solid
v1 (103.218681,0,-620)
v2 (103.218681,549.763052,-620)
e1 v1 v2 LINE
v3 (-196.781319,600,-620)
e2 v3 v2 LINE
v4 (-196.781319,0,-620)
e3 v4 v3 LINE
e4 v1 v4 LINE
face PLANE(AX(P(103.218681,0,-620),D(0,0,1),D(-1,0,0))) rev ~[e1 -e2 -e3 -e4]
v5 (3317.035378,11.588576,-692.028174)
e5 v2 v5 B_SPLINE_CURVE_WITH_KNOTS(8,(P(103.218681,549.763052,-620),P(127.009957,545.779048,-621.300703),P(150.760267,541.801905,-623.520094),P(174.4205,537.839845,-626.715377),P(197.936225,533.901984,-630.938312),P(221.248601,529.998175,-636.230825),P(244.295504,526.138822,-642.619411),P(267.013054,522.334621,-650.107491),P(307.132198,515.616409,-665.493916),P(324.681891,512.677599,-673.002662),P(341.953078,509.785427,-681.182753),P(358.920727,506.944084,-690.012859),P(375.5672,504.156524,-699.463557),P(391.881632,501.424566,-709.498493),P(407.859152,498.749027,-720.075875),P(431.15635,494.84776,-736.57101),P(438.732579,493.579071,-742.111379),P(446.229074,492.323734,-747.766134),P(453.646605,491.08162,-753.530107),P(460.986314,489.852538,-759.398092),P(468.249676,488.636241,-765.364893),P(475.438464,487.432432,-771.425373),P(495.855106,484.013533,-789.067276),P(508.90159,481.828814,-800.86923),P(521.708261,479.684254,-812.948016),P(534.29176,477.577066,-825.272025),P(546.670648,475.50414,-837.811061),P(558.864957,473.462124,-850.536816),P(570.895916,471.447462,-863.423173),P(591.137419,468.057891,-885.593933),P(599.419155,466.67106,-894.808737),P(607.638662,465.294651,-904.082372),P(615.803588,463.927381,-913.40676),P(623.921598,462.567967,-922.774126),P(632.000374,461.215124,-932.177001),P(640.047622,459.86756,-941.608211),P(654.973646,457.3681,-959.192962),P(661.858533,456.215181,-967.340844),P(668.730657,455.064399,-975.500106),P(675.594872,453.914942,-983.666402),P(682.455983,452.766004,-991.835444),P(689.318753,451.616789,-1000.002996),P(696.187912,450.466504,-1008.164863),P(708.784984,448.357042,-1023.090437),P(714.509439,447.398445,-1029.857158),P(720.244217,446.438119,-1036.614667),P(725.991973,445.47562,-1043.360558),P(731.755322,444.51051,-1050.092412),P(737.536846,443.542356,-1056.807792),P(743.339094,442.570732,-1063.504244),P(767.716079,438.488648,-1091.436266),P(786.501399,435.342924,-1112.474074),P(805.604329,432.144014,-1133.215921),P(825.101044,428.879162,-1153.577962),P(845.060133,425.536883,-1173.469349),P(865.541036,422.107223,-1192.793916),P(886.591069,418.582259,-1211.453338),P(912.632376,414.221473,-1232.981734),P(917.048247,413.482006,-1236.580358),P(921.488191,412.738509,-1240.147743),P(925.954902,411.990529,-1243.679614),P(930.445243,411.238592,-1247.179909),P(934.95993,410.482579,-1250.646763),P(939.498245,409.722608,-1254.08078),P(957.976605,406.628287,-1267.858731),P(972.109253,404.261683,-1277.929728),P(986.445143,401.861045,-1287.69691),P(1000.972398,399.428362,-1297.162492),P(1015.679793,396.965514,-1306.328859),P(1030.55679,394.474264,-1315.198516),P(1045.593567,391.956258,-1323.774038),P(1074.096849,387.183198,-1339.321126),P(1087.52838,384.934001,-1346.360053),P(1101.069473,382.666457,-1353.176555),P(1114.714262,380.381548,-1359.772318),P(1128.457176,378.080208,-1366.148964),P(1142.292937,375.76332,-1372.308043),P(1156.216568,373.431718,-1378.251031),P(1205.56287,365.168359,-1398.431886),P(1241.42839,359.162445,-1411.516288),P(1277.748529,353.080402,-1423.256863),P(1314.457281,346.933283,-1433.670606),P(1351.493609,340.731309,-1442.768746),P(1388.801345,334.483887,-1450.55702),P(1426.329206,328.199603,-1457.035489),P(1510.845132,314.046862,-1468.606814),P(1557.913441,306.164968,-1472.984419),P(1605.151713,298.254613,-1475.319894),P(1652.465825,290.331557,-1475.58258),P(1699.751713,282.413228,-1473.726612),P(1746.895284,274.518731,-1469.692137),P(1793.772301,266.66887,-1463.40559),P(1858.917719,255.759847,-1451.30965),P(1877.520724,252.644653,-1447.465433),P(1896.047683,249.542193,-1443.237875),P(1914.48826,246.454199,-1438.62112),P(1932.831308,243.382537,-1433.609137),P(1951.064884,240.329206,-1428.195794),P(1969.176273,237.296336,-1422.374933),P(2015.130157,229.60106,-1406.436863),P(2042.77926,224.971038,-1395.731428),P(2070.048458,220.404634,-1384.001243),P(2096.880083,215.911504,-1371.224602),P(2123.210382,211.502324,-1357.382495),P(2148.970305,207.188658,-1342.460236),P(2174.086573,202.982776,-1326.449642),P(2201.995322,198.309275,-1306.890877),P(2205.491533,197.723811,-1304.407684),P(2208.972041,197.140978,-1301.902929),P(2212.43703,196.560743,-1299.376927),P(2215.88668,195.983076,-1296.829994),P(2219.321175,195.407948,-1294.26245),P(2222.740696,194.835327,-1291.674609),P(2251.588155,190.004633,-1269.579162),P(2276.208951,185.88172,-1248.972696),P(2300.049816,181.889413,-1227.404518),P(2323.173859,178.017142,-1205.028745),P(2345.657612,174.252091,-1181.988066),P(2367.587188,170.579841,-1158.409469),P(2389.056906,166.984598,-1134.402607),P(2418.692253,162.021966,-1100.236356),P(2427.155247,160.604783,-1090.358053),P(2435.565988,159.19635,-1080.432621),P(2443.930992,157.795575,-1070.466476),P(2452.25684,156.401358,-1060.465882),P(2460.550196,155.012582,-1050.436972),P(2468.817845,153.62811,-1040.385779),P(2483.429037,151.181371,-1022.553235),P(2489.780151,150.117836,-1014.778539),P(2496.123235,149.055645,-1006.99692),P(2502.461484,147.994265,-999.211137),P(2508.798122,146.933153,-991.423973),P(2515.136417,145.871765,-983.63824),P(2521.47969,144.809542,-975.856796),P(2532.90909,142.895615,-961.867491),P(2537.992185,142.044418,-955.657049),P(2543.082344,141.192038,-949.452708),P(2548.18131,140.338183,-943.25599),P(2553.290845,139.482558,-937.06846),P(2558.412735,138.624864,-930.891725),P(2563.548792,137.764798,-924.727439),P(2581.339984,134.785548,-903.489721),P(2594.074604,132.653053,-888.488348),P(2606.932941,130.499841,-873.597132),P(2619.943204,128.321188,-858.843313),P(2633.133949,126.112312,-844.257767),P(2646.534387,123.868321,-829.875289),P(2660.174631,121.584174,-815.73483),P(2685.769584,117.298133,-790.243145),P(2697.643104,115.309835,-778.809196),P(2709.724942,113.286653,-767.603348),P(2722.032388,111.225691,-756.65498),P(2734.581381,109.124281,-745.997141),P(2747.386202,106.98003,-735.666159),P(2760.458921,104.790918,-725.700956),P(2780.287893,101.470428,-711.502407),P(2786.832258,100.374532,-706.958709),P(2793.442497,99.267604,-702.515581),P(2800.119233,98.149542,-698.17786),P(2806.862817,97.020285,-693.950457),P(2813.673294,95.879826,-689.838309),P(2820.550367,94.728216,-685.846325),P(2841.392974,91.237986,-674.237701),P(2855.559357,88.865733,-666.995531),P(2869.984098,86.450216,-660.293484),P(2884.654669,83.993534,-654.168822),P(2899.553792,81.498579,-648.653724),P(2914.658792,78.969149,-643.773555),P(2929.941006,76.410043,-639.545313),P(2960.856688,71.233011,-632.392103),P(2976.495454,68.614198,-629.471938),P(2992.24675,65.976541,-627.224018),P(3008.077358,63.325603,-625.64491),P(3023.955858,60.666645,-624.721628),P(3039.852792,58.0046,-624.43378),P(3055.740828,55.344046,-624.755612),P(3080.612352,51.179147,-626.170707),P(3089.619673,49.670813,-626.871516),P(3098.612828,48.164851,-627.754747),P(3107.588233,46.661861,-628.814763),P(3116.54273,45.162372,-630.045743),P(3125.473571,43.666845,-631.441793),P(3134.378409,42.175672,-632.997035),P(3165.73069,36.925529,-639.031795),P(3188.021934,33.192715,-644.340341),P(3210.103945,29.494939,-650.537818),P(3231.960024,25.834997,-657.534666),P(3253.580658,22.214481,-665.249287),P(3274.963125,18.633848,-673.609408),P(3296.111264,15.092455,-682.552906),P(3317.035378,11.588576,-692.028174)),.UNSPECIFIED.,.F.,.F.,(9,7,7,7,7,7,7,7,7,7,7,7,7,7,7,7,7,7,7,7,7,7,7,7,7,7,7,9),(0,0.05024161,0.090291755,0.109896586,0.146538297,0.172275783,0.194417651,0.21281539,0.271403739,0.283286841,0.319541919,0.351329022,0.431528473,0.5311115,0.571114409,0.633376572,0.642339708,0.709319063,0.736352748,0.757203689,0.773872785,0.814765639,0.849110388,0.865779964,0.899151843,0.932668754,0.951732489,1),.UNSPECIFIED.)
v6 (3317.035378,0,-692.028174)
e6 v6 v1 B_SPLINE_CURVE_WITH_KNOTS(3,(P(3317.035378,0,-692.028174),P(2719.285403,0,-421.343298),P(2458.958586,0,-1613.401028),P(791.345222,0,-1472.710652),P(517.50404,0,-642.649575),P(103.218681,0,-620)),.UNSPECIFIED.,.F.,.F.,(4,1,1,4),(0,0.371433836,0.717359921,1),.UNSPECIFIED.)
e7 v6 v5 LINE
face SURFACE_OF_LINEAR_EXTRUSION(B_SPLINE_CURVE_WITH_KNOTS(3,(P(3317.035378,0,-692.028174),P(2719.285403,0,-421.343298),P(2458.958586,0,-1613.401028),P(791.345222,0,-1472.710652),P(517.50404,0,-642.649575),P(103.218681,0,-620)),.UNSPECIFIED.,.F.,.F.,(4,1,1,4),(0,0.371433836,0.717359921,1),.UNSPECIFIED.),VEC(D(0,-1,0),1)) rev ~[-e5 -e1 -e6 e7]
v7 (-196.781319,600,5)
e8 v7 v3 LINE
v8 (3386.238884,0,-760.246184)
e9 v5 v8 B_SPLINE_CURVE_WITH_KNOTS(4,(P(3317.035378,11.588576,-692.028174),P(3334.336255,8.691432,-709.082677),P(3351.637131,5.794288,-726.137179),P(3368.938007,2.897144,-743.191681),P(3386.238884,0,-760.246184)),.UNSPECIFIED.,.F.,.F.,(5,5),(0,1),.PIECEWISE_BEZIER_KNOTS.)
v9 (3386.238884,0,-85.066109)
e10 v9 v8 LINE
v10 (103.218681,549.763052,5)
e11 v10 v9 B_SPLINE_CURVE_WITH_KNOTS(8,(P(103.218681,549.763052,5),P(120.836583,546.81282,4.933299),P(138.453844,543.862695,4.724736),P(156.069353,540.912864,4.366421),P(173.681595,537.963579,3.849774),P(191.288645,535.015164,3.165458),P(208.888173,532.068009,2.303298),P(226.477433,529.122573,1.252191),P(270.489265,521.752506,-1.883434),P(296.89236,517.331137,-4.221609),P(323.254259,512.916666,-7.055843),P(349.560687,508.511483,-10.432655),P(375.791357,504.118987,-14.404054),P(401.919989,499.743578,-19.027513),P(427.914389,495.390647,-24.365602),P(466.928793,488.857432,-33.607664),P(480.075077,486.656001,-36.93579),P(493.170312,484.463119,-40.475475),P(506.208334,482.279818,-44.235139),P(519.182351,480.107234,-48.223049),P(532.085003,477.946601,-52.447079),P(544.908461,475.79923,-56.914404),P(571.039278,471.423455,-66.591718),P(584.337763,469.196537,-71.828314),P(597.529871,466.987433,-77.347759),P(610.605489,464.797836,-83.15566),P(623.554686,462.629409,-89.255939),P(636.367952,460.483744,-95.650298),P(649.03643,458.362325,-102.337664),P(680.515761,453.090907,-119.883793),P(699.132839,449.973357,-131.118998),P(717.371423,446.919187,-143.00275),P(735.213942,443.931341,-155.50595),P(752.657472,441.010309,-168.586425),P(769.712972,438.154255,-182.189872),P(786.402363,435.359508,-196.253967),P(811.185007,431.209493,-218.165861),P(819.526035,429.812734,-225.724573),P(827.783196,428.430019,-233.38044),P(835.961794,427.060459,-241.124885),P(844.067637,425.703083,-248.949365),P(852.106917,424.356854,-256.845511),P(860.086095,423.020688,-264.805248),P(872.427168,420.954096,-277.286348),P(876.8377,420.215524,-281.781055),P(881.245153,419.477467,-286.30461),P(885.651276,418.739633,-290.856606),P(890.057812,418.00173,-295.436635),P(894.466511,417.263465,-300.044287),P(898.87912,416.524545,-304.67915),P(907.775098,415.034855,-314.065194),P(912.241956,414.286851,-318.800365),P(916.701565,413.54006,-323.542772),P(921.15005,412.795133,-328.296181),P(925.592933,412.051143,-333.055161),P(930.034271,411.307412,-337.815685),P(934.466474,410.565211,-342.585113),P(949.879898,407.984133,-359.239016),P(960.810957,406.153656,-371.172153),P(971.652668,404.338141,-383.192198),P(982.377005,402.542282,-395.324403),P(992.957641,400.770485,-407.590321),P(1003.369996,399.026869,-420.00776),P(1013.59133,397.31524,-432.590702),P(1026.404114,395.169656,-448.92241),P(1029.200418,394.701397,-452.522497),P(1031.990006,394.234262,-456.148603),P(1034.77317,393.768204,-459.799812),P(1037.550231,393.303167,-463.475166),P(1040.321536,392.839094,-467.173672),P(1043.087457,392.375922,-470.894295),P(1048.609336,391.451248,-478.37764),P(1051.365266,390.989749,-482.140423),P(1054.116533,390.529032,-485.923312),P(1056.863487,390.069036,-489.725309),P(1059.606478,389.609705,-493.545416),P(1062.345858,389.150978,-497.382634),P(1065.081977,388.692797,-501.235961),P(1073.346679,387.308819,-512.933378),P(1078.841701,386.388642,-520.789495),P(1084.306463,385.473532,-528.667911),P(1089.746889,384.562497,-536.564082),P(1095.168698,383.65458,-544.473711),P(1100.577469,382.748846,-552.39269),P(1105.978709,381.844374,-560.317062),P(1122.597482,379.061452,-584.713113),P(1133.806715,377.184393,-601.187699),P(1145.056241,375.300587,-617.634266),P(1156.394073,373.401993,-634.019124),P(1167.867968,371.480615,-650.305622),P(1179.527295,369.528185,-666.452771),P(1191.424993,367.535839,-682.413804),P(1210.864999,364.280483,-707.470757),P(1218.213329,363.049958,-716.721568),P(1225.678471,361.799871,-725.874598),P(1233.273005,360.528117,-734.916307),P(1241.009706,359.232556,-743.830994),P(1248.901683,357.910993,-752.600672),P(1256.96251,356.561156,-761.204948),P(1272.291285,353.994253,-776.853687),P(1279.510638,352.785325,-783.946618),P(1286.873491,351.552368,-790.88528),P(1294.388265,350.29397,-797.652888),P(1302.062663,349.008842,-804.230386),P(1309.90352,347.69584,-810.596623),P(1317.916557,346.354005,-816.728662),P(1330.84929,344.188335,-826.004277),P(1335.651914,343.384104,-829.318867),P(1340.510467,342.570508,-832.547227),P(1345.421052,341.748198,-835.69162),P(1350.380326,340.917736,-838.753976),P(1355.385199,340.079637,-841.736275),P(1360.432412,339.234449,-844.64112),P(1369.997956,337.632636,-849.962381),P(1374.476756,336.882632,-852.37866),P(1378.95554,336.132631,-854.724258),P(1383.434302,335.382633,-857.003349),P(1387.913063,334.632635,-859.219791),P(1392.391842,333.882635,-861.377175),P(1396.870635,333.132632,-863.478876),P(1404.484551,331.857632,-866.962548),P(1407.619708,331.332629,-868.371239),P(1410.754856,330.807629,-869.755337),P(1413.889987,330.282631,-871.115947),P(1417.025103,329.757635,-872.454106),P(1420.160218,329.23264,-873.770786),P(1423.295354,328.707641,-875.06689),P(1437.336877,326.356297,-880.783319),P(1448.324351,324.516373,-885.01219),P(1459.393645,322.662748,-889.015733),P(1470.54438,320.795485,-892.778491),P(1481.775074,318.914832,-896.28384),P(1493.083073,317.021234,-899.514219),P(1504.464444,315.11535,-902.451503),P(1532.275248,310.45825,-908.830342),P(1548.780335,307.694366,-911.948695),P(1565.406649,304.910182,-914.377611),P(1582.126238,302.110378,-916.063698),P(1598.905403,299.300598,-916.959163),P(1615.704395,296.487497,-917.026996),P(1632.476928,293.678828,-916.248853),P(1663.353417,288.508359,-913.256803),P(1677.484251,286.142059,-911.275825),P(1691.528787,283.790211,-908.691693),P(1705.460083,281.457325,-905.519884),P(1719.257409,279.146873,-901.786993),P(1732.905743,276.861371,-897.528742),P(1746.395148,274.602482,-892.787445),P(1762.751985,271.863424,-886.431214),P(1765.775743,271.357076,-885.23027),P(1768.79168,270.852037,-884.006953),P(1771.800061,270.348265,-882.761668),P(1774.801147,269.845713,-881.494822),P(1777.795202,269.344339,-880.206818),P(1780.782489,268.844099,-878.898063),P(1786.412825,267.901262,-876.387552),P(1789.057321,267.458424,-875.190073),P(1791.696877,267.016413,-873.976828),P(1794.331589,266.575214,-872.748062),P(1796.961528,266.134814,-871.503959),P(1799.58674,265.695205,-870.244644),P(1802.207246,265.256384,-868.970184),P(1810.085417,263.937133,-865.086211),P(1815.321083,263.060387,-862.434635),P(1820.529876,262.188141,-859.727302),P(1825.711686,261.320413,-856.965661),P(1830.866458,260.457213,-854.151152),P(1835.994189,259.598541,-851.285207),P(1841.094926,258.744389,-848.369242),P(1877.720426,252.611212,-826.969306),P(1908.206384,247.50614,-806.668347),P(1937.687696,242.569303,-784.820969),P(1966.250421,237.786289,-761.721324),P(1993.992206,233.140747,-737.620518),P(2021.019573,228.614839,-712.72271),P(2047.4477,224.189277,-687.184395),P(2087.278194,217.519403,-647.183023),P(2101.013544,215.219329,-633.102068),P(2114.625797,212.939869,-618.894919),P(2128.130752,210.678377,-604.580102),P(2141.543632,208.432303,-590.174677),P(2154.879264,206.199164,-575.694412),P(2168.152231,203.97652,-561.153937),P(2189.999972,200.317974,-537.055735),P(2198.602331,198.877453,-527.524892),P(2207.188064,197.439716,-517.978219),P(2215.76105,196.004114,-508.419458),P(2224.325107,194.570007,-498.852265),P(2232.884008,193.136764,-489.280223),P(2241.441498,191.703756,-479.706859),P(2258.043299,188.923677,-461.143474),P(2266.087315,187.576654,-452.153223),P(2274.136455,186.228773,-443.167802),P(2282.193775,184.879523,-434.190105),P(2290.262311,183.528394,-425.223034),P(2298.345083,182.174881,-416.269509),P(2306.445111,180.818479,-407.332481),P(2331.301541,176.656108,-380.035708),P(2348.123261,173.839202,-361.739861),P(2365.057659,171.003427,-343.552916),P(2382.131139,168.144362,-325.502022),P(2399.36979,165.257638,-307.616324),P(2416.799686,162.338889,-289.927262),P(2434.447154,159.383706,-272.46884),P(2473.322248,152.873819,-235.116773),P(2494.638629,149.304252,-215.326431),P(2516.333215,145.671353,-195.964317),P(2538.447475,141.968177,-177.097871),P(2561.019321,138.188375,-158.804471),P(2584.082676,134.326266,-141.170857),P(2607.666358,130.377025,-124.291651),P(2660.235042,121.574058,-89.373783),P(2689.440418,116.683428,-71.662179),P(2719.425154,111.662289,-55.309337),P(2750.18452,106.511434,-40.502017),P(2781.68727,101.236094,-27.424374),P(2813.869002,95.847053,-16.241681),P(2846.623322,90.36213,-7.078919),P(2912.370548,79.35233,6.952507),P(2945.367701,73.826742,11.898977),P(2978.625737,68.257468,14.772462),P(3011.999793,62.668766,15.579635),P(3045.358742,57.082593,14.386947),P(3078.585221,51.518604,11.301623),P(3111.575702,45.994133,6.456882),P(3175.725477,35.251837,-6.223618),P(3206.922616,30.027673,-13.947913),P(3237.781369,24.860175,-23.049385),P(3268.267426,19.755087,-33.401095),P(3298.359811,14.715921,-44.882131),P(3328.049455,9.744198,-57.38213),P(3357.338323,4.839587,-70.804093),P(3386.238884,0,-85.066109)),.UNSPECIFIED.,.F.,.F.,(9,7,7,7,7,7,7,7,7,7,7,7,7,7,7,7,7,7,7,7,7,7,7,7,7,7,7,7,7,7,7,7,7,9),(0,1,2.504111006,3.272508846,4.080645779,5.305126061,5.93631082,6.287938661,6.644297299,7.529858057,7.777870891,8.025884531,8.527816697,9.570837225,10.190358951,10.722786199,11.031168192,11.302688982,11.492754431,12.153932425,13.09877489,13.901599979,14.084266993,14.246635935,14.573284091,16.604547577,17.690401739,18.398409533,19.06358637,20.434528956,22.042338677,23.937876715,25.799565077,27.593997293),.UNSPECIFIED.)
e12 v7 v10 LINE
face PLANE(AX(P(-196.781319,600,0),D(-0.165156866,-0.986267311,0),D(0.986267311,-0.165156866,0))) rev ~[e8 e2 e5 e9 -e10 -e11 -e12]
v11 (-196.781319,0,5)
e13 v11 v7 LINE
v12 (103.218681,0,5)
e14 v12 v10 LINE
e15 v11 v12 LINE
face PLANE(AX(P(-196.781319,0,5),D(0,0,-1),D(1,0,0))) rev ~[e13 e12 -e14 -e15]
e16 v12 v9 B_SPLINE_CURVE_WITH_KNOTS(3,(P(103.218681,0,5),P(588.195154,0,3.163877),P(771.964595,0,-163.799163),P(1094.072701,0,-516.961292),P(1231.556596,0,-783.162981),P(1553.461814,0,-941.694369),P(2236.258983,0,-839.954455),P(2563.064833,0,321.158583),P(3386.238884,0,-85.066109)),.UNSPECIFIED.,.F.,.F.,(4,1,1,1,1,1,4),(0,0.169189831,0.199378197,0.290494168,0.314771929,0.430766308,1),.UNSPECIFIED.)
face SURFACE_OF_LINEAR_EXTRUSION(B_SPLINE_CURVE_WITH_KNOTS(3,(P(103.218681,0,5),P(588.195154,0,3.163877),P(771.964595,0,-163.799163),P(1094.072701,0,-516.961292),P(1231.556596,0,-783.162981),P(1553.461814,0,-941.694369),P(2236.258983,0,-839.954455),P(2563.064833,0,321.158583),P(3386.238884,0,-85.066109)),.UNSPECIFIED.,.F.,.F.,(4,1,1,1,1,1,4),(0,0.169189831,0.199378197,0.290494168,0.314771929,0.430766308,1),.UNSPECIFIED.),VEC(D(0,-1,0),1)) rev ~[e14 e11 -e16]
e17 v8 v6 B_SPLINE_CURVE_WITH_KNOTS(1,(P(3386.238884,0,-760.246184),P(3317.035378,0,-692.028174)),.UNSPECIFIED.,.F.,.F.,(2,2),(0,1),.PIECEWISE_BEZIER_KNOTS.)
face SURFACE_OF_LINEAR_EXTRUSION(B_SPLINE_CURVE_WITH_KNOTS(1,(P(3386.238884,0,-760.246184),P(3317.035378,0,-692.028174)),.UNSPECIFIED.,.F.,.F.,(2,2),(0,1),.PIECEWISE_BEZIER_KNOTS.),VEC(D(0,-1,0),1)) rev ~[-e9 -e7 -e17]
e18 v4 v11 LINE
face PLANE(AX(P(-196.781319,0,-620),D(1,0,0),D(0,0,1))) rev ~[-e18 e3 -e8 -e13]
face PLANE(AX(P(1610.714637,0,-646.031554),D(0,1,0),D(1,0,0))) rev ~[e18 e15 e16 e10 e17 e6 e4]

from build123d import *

# Parameters (mm, degrees)
BOSS_EXTRUDE1_DEPTH     = 600
CUT_EXTRUDE1_DEPTH      = 1980
CUT_EXTRUDE1_DEPTH_BACK = 1980


with BuildPart() as part:
    # Sketch3 → Boss-Extrude1 (new body)
    with BuildSketch(Plane(origin=(0, 0, 0), x_dir=(1, 0, 0), z_dir=(0, 1, 0))):
        with BuildLine():
            Line((103.218681112, 620), (-196.781318888, 620))
            Line((-196.781318888, 620), (-196.781318888, -5))
            Line((-196.781318888, -5), (103.218681112, -5))
            add(Edge.make_bspline(
                [(103.218681112, -5), (588.195154083, -3.163876673), (771.964594842, 163.799162942), (1094.072701401, 516.961291923), (1231.556596444, 783.162980701), (1553.46181428, 941.694369248), (2236.258983329, 839.954455387), (2563.06483301, -321.158582751), (3386.238883814, 85.06610873)],
                knots=[0, 0, 0, 0, 0.169189831, 0.199378197, 0.290494168, 0.314771929, 0.430766308, 1, 1, 1, 1], degree=3))
            Line((3386.238883814, 85.06610873), (3386.238883814, 760.246183749))
            add(Edge.make_bspline(
                [(3386.238883814, 760.246183749), (3317.035378353, 692.028174156)],
                knots=[0, 0, 1, 1], degree=1))
            add(Edge.make_bspline(
                [(3317.035378353, 692.028174156), (2719.285403286, 421.343297775), (2458.958585868, 1613.401027739), (791.345221602, 1472.71065196), (517.504039845, 642.649574707), (103.218681112, 620)],
                knots=[0, 0, 0, 0, 0.371433836, 0.717359921, 1, 1, 1, 1], degree=3))
        make_face()
    extrude(amount=BOSS_EXTRUDE1_DEPTH)

    # Sketch4 → Cut-Extrude1 (cut, two sides)
    with BuildSketch(Plane.XY) as cut_extrude1_sk:
        Polygon((-196.781318888, 600), (3386.238883814, 0), (3386.238883814, 600), align=None)
    extrude(amount=CUT_EXTRUDE1_DEPTH, mode=Mode.SUBTRACT)
    extrude(cut_extrude1_sk.sketch, amount=-CUT_EXTRUDE1_DEPTH_BACK, mode=Mode.SUBTRACT)


solid = part.part
